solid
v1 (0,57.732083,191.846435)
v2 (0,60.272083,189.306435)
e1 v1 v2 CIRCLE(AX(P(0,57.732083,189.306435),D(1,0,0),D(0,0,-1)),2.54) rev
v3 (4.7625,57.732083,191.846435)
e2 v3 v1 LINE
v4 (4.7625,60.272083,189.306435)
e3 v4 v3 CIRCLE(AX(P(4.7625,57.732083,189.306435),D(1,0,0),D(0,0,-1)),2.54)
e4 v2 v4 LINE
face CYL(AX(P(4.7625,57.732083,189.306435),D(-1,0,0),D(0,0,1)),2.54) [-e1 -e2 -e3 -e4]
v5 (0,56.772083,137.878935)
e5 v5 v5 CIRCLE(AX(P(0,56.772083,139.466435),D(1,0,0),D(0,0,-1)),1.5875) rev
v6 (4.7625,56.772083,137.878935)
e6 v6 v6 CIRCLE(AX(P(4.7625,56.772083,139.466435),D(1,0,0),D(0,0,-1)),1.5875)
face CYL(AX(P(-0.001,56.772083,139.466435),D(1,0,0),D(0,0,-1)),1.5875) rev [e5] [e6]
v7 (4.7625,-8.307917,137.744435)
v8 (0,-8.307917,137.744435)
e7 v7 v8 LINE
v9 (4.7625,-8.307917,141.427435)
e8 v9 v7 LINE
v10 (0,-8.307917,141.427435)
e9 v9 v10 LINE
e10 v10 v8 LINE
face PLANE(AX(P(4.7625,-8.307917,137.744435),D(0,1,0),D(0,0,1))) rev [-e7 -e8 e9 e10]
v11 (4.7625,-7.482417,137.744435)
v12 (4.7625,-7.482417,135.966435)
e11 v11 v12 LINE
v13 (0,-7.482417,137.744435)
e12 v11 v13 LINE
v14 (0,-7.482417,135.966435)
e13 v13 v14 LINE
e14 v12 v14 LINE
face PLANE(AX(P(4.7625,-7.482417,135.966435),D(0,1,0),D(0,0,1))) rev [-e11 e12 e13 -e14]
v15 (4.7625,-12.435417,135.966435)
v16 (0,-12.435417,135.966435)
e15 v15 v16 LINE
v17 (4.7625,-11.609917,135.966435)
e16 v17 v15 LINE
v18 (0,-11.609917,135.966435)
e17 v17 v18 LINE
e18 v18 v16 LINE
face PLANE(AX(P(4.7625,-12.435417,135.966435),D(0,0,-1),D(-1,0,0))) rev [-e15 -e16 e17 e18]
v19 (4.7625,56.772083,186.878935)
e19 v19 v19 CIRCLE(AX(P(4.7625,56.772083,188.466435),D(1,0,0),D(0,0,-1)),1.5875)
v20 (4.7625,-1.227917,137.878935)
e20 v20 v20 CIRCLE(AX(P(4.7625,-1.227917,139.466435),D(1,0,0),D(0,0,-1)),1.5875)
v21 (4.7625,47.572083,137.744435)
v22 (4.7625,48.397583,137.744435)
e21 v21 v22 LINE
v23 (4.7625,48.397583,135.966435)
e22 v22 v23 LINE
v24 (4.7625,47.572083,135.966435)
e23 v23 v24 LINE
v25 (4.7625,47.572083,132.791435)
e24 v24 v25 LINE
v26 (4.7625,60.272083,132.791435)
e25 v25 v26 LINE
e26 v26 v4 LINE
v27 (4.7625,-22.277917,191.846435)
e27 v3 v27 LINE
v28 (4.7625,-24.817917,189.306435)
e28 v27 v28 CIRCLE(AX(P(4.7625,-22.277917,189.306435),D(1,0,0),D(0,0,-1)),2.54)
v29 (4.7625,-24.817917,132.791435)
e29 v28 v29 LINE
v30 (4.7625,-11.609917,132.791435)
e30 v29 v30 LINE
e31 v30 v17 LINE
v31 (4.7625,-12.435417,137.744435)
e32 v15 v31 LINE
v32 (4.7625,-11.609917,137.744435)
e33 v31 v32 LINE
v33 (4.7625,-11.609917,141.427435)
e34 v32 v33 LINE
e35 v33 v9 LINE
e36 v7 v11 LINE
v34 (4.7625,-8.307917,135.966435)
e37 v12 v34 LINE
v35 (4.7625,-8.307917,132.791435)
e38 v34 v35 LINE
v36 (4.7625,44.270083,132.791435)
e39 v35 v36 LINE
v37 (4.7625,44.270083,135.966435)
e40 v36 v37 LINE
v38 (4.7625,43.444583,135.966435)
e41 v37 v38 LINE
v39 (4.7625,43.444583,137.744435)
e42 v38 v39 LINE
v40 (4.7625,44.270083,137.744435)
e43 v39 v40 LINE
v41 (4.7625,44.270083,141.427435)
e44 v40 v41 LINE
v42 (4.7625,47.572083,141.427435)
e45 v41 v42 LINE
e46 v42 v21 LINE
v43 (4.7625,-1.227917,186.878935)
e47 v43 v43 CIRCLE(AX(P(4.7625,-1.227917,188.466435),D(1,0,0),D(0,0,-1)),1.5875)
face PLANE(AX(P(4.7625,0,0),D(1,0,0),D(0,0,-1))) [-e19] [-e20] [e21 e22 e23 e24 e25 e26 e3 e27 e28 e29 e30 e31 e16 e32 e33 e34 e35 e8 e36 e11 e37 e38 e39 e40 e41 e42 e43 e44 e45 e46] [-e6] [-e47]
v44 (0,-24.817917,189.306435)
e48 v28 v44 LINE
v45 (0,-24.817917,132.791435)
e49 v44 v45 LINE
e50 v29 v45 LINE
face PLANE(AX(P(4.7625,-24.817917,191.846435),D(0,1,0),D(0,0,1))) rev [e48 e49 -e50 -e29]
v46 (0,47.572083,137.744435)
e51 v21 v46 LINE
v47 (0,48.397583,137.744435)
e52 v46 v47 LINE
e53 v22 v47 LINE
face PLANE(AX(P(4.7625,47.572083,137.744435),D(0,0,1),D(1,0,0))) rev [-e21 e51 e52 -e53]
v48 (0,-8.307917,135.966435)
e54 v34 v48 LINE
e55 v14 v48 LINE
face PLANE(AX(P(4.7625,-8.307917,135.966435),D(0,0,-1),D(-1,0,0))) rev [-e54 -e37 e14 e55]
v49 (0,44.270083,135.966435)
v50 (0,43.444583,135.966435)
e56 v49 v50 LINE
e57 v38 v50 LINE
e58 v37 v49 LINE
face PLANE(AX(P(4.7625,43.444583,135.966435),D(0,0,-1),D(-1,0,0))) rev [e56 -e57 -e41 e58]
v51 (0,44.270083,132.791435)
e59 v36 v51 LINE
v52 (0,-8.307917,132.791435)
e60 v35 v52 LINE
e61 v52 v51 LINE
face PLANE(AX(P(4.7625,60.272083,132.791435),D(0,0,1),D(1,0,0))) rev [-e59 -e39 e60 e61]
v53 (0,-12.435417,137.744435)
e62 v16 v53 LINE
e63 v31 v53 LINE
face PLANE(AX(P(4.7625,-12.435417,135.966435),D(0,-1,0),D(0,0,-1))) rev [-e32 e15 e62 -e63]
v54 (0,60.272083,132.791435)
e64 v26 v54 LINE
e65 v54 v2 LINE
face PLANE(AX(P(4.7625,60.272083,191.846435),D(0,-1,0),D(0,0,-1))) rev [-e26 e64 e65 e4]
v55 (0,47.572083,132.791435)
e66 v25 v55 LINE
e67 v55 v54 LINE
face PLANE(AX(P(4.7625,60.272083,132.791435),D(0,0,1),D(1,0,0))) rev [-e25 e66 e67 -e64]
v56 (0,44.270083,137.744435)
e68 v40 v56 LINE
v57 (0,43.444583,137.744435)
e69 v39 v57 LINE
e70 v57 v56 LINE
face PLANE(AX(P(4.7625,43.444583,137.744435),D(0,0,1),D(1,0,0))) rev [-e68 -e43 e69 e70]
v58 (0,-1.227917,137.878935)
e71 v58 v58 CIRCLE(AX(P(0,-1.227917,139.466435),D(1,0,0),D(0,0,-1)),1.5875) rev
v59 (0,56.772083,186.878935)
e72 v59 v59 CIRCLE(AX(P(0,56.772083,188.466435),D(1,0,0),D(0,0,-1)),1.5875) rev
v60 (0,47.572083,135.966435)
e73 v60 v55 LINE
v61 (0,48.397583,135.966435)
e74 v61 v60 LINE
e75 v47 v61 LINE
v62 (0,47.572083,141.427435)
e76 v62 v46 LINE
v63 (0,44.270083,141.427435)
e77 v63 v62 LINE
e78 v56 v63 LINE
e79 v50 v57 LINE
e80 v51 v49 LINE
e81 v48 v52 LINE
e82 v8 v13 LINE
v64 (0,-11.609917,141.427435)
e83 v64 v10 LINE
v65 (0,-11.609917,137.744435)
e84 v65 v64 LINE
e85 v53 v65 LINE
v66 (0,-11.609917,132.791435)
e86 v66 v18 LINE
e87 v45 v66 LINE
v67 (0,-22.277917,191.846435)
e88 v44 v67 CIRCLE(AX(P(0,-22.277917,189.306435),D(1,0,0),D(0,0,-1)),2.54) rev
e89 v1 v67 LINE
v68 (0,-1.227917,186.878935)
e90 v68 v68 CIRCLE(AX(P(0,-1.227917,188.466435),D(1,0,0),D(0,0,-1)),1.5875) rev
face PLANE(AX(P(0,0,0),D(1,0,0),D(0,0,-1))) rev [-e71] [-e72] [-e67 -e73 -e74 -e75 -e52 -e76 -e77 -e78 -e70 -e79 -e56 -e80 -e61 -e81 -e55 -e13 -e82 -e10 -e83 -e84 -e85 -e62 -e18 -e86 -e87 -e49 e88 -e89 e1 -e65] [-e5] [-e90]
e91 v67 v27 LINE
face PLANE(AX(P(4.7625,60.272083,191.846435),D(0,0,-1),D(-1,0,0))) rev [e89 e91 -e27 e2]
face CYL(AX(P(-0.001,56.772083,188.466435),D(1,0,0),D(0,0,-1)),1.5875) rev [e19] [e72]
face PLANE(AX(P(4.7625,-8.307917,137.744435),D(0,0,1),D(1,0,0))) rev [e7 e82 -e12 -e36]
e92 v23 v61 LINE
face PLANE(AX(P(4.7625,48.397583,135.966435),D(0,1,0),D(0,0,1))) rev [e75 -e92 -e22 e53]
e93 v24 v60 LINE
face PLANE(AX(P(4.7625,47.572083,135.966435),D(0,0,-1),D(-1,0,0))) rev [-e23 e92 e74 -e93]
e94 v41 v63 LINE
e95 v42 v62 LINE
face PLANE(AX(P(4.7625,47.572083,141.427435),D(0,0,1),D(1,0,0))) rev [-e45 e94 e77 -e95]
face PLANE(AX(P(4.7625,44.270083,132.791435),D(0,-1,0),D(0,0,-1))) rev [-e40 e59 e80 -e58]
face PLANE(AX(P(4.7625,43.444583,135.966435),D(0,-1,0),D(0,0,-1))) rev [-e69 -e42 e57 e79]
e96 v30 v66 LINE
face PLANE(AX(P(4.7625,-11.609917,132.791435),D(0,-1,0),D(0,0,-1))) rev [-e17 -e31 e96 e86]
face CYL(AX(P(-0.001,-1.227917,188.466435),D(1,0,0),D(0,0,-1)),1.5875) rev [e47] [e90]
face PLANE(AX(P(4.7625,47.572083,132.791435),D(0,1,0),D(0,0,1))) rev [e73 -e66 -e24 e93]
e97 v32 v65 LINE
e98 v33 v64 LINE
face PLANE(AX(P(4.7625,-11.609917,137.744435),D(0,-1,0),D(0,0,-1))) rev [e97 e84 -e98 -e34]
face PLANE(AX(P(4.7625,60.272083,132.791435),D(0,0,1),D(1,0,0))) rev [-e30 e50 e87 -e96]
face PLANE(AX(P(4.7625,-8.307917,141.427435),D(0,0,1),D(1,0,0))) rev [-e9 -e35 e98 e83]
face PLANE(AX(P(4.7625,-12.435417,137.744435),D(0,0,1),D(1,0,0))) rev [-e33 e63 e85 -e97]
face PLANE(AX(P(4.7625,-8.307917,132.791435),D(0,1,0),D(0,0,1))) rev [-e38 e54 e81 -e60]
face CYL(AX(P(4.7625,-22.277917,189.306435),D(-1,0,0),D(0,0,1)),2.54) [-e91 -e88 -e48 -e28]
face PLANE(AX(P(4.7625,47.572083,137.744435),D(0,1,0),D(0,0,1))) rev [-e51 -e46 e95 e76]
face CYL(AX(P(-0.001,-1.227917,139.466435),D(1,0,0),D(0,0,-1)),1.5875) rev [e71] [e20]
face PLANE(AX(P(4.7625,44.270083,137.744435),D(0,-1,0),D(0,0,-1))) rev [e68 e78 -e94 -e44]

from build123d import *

# Parameters (mm, degrees)
SKETCH1_W           = 59.055
SKETCH1_H           = 85.09
BOSS_EXTRUDE1_DEPTH = 4.7625
CUT_EXTRUDE1_REACH  = 203.148
SKETCH2_R           = 1.5875
CUT_EXTRUDE2_DEPTH  = 202.147856386
FILLET1_R           = 2.54


with BuildPart() as part:
    # Sketch1 → Boss-Extrude1 (new body)
    with BuildSketch(Plane(origin=(0, 0, 0), x_dir=(0, 0, -1), z_dir=(1, 0, 0))):
        with Locations((-162.318935185, 17.727083333)):
            Rectangle(SKETCH1_W, SKETCH1_H)
    extrude(amount=BOSS_EXTRUDE1_DEPTH)

    # Sketch2 → Cut-Extrude1 (cut, up to next)
    with BuildSketch(Plane(origin=(4.7625, 0, 0), x_dir=(0, 0, -1), z_dir=(1, 0, 0)), mode=Mode.PRIVATE) as cut_extrude1_sk1:
        with Locations((-188.466435185, -1.227916667)):
            Circle(SKETCH2_R)
    cut_extrude1_tool1 = extrude(cut_extrude1_sk1.sketch, amount=-CUT_EXTRUDE1_REACH, mode=Mode.PRIVATE) & part.part
    # Sketch2 → Cut-Extrude1 (cut, up to next)
    with BuildSketch(Plane(origin=(4.7625, 0, 0), x_dir=(0, 0, -1), z_dir=(1, 0, 0)), mode=Mode.PRIVATE) as cut_extrude1_sk2:
        with Locations((-139.466435185, -1.227916667)):
            Circle(SKETCH2_R)
    cut_extrude1_tool2 = extrude(cut_extrude1_sk2.sketch, amount=-CUT_EXTRUDE1_REACH, mode=Mode.PRIVATE) & part.part
    # Sketch2 → Cut-Extrude1 (cut, up to next)
    with BuildSketch(Plane(origin=(4.7625, 0, 0), x_dir=(0, 0, -1), z_dir=(1, 0, 0)), mode=Mode.PRIVATE) as cut_extrude1_sk3:
        with Locations((-139.466435185, 56.772083333)):
            Circle(SKETCH2_R)
    cut_extrude1_tool3 = extrude(cut_extrude1_sk3.sketch, amount=-CUT_EXTRUDE1_REACH, mode=Mode.PRIVATE) & part.part
    # Sketch2 → Cut-Extrude1 (cut, up to next)
    with BuildSketch(Plane(origin=(4.7625, 0, 0), x_dir=(0, 0, -1), z_dir=(1, 0, 0)), mode=Mode.PRIVATE) as cut_extrude1_sk4:
        with Locations((-188.466435185, 56.772083333)):
            Circle(SKETCH2_R)
    cut_extrude1_tool4 = extrude(cut_extrude1_sk4.sketch, amount=-CUT_EXTRUDE1_REACH, mode=Mode.PRIVATE) & part.part
    add(cut_extrude1_tool1.solids().sort_by_distance((4.7625, -1.227917, 188.466435))[0], mode=Mode.SUBTRACT)
    add(cut_extrude1_tool2.solids().sort_by_distance((4.7625, -1.227917, 139.466435))[0], mode=Mode.SUBTRACT)
    add(cut_extrude1_tool3.solids().sort_by_distance((4.7625, 56.772083, 139.466435))[0], mode=Mode.SUBTRACT)
    add(cut_extrude1_tool4.solids().sort_by_distance((4.7625, 56.772083, 188.466435))[0], mode=Mode.SUBTRACT)

    # Sketch3 → Cut-Extrude2 (cut, through all)
    with BuildSketch(Plane.ZY):
        Polygon((132.791435185, 47.572083333), (135.966435185, 47.572083333), (135.966435185, 48.397583333), (137.744435185, 48.397583333), (137.744435185, 47.572083333), (141.427435185, 47.572083333), (141.427435185, 44.270083333), (137.744435185, 44.270083333), (137.744435185, 43.444583333), (135.966435185, 43.444583333), (135.966435185, 44.270083333), (132.791435185, 44.270083333), align=None)
        Polygon((132.791435185, -8.307916667), (135.966435185, -8.307916667), (135.966435185, -7.482416667), (137.744435185, -7.482416667), (137.744435185, -8.307916667), (141.427435185, -8.307916667), (141.427435185, -11.609916667), (137.744435185, -11.609916667), (137.744435185, -12.435416667), (135.966435185, -12.435416667), (135.966435185, -11.609916667), (132.791435185, -11.609916667), align=None)
    extrude(amount=-CUT_EXTRUDE2_DEPTH, mode=Mode.SUBTRACT)

    # Fillet1
    fillet1_edges = [part.edges().sort_by_distance(p)[0] for p in [
        (2.38125, -24.817916667, 191.846435185),
        (2.38125, 60.272083333, 191.846435185),
    ]]
    fillet(fillet1_edges, radius=FILLET1_R)


solid = part.part
